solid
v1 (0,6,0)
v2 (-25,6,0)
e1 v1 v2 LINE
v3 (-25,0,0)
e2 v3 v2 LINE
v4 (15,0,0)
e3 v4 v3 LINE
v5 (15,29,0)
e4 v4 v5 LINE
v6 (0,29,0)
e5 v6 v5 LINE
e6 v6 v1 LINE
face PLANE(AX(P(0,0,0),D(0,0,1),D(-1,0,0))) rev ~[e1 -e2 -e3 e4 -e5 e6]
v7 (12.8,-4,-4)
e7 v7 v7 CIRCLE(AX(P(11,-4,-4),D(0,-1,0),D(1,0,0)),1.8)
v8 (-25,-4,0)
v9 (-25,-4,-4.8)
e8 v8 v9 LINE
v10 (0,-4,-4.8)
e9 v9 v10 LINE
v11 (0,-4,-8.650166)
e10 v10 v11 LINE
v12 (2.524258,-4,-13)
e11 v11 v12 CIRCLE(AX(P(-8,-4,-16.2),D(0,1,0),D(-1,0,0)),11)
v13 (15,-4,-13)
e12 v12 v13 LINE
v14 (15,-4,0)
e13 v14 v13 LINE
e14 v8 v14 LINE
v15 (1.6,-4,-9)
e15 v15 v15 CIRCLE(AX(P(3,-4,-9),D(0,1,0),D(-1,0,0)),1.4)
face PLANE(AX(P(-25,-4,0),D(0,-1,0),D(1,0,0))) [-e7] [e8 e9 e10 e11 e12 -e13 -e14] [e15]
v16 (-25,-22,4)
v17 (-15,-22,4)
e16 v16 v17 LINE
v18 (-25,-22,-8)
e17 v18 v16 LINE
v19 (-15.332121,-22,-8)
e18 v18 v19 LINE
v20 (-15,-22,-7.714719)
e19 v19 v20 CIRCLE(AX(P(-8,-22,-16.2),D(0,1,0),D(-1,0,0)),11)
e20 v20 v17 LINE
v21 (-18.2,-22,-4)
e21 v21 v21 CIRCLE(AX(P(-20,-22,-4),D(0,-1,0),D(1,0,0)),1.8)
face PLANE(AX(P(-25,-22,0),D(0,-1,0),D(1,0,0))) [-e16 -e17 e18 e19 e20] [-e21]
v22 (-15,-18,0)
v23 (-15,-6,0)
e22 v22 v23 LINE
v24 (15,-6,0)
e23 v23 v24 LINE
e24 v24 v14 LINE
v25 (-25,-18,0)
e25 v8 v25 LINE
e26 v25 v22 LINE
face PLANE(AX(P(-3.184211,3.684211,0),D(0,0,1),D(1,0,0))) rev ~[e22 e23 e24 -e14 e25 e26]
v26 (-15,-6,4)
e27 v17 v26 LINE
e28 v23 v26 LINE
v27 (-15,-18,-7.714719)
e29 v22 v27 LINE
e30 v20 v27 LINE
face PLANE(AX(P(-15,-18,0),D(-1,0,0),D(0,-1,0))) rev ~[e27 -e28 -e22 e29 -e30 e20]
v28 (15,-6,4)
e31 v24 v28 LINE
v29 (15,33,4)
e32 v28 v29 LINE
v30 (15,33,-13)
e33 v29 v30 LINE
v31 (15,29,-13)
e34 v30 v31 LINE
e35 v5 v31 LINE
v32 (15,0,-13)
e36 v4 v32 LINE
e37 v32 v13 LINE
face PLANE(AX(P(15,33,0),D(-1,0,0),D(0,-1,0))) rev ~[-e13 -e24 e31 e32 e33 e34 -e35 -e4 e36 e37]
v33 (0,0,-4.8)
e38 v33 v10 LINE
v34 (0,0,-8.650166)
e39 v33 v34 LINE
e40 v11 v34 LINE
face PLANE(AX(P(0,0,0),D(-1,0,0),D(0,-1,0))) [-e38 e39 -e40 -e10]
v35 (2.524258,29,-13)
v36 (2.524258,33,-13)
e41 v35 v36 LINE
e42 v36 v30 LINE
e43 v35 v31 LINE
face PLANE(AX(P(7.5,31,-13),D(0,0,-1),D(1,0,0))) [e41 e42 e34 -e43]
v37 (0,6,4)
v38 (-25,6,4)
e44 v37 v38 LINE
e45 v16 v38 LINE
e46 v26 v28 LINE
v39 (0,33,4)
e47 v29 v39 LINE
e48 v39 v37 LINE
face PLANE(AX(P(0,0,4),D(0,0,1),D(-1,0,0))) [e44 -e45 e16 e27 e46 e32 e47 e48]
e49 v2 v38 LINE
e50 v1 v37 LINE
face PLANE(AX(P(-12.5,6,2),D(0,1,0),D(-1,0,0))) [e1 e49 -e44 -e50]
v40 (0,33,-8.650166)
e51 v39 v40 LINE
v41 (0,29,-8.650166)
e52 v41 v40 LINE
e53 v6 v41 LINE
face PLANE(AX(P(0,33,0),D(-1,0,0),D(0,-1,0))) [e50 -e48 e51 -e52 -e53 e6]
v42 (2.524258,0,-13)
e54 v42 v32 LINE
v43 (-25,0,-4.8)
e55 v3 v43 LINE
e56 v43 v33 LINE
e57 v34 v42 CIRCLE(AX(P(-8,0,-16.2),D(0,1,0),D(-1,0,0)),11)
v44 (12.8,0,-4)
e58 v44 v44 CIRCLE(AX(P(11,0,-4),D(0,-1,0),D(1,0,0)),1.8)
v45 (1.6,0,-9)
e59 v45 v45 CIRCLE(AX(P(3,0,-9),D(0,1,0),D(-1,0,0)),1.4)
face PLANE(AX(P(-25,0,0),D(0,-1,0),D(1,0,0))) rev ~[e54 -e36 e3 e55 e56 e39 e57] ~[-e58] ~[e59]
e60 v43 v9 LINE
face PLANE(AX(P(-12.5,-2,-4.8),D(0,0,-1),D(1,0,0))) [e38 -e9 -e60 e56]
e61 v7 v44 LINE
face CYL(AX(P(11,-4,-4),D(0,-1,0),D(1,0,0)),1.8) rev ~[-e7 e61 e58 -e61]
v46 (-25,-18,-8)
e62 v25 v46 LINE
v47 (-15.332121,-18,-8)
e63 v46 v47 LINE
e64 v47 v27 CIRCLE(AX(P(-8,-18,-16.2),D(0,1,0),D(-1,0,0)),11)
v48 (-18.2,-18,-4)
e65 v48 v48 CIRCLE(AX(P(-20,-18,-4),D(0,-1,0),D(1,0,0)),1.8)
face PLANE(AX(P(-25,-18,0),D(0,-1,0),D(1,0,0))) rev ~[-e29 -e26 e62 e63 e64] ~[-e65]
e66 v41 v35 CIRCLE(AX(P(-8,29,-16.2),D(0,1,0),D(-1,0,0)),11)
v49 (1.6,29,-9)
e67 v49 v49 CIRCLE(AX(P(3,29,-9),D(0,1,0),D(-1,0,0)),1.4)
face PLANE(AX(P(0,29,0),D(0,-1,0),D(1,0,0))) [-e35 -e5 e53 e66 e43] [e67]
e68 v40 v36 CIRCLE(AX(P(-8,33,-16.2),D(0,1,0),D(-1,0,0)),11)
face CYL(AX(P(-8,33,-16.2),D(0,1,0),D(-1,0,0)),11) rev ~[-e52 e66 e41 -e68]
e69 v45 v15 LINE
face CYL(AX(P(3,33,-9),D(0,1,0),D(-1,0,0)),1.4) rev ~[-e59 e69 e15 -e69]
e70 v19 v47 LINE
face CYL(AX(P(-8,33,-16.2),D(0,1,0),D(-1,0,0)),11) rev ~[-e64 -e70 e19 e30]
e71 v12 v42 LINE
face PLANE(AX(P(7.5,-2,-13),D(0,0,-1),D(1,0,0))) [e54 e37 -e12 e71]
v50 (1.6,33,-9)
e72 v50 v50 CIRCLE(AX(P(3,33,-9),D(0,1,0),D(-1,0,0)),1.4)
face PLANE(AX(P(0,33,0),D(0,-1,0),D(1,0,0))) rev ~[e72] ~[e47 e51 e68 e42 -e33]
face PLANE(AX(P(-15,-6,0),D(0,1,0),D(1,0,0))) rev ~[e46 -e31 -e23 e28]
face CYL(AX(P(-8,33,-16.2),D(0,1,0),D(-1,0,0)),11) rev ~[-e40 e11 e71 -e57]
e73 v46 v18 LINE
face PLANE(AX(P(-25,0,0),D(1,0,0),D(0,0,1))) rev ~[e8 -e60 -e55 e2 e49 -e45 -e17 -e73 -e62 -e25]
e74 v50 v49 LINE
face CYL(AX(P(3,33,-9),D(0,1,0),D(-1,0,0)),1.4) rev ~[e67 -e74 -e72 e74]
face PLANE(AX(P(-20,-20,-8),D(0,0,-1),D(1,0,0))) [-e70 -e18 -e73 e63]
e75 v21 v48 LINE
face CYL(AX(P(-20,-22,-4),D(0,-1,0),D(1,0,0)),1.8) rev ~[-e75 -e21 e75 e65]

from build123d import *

# Parameters (mm, degrees)
PAD_DEPTH       = 4
SKETCH001_W     = 25
SKETCH001_H     = 4
PAD001_DEPTH    = 4.8
SKETCH002_W     = 15
SKETCH002_H     = 4
PAD002_DEPTH    = 13
SKETCH003_W     = 10
SKETCH003_H     = 4
PAD003_DEPTH    = 8
SKETCH004_R     = 1.4
SKETCH004_R_2   = 11
POCKET_DEPTH    = 100
SKETCH005_R     = 1.8
POCKET001_DEPTH = 5
SKETCH007_R     = 1.8
POCKET002_DEPTH = 5
SKETCH008_W     = 25
SKETCH008_H     = 4
PAD004_DEPTH    = 6


with BuildPart() as part:
    # Sketch → Pad (new body)
    with BuildSketch(Plane.XY):
        Polygon((0, 33), (0, 0), (-25, 0), (-25, -22), (-15, -22), (-15, -6), (15, -6), (15, 33), align=None)
    extrude(amount=PAD_DEPTH)

    # Sketch001 (on Face9 of Pad) → Pad001 (join)
    with BuildSketch(Plane(origin=(0, 0, 0), x_dir=(1, 0, 0), z_dir=(0, 0, -1))):
        with Locations((-12.5, 2)):
            Rectangle(SKETCH001_W, SKETCH001_H)
    extrude(amount=PAD001_DEPTH)

    # Sketch002 (on Face4 of Pad001) → Pad002 (join)
    with BuildSketch(Plane(origin=(0, 0, 0), x_dir=(1, 0, 0), z_dir=(0, 0, -1))):
        with Locations((7.5, -31)):
            Rectangle(SKETCH002_W, SKETCH002_H)
        with Locations((7.5, 2)):
            Rectangle(SKETCH002_W, SKETCH002_H)
    extrude(amount=PAD002_DEPTH)

    # Sketch003 (on Face4 of Pad002) → Pad003 (join)
    with BuildSketch(Plane(origin=(0, 0, 0), x_dir=(1, 0, 0), z_dir=(0, 0, -1))):
        with Locations((-20, 20)):
            Rectangle(SKETCH003_W, SKETCH003_H)
    extrude(amount=PAD003_DEPTH)

    # Sketch004 (on Face20 of Pad003) → Pocket (cut)
    with BuildSketch(Plane(origin=(0, 33, 0), x_dir=(-1, 0, 0), z_dir=(0, 1, 0))):
        with Locations((-3, -9)):
            Circle(SKETCH004_R)
        with Locations((8, -16.2)):
            Circle(SKETCH004_R_2)
    extrude(amount=-POCKET_DEPTH, mode=Mode.SUBTRACT)

    # Sketch005 (on Face18 of Pocket) → Pocket001 (cut)
    with BuildSketch(Plane.XZ.offset(22)):
        with Locations((-20, -4)):
            Circle(SKETCH005_R)
    extrude(amount=-POCKET001_DEPTH, mode=Mode.SUBTRACT)

    # Sketch007 (on Face15 of Pocket001) → Pocket002 (cut)
    with BuildSketch(Plane.XZ.offset(4)):
        with Locations((11, -4)):
            Circle(SKETCH007_R)
    extrude(amount=-POCKET002_DEPTH, mode=Mode.SUBTRACT)

    # Sketch008 (on Face17 of Pocket002) → Pad004 (join)
    with BuildSketch(Plane(origin=(0, 0, 0), x_dir=(-1, 0, 0), z_dir=(0, 1, 0))):
        with Locations((12.5, 2)):
            Rectangle(SKETCH008_W, SKETCH008_H)
    extrude(amount=PAD004_DEPTH)


solid = part.part
